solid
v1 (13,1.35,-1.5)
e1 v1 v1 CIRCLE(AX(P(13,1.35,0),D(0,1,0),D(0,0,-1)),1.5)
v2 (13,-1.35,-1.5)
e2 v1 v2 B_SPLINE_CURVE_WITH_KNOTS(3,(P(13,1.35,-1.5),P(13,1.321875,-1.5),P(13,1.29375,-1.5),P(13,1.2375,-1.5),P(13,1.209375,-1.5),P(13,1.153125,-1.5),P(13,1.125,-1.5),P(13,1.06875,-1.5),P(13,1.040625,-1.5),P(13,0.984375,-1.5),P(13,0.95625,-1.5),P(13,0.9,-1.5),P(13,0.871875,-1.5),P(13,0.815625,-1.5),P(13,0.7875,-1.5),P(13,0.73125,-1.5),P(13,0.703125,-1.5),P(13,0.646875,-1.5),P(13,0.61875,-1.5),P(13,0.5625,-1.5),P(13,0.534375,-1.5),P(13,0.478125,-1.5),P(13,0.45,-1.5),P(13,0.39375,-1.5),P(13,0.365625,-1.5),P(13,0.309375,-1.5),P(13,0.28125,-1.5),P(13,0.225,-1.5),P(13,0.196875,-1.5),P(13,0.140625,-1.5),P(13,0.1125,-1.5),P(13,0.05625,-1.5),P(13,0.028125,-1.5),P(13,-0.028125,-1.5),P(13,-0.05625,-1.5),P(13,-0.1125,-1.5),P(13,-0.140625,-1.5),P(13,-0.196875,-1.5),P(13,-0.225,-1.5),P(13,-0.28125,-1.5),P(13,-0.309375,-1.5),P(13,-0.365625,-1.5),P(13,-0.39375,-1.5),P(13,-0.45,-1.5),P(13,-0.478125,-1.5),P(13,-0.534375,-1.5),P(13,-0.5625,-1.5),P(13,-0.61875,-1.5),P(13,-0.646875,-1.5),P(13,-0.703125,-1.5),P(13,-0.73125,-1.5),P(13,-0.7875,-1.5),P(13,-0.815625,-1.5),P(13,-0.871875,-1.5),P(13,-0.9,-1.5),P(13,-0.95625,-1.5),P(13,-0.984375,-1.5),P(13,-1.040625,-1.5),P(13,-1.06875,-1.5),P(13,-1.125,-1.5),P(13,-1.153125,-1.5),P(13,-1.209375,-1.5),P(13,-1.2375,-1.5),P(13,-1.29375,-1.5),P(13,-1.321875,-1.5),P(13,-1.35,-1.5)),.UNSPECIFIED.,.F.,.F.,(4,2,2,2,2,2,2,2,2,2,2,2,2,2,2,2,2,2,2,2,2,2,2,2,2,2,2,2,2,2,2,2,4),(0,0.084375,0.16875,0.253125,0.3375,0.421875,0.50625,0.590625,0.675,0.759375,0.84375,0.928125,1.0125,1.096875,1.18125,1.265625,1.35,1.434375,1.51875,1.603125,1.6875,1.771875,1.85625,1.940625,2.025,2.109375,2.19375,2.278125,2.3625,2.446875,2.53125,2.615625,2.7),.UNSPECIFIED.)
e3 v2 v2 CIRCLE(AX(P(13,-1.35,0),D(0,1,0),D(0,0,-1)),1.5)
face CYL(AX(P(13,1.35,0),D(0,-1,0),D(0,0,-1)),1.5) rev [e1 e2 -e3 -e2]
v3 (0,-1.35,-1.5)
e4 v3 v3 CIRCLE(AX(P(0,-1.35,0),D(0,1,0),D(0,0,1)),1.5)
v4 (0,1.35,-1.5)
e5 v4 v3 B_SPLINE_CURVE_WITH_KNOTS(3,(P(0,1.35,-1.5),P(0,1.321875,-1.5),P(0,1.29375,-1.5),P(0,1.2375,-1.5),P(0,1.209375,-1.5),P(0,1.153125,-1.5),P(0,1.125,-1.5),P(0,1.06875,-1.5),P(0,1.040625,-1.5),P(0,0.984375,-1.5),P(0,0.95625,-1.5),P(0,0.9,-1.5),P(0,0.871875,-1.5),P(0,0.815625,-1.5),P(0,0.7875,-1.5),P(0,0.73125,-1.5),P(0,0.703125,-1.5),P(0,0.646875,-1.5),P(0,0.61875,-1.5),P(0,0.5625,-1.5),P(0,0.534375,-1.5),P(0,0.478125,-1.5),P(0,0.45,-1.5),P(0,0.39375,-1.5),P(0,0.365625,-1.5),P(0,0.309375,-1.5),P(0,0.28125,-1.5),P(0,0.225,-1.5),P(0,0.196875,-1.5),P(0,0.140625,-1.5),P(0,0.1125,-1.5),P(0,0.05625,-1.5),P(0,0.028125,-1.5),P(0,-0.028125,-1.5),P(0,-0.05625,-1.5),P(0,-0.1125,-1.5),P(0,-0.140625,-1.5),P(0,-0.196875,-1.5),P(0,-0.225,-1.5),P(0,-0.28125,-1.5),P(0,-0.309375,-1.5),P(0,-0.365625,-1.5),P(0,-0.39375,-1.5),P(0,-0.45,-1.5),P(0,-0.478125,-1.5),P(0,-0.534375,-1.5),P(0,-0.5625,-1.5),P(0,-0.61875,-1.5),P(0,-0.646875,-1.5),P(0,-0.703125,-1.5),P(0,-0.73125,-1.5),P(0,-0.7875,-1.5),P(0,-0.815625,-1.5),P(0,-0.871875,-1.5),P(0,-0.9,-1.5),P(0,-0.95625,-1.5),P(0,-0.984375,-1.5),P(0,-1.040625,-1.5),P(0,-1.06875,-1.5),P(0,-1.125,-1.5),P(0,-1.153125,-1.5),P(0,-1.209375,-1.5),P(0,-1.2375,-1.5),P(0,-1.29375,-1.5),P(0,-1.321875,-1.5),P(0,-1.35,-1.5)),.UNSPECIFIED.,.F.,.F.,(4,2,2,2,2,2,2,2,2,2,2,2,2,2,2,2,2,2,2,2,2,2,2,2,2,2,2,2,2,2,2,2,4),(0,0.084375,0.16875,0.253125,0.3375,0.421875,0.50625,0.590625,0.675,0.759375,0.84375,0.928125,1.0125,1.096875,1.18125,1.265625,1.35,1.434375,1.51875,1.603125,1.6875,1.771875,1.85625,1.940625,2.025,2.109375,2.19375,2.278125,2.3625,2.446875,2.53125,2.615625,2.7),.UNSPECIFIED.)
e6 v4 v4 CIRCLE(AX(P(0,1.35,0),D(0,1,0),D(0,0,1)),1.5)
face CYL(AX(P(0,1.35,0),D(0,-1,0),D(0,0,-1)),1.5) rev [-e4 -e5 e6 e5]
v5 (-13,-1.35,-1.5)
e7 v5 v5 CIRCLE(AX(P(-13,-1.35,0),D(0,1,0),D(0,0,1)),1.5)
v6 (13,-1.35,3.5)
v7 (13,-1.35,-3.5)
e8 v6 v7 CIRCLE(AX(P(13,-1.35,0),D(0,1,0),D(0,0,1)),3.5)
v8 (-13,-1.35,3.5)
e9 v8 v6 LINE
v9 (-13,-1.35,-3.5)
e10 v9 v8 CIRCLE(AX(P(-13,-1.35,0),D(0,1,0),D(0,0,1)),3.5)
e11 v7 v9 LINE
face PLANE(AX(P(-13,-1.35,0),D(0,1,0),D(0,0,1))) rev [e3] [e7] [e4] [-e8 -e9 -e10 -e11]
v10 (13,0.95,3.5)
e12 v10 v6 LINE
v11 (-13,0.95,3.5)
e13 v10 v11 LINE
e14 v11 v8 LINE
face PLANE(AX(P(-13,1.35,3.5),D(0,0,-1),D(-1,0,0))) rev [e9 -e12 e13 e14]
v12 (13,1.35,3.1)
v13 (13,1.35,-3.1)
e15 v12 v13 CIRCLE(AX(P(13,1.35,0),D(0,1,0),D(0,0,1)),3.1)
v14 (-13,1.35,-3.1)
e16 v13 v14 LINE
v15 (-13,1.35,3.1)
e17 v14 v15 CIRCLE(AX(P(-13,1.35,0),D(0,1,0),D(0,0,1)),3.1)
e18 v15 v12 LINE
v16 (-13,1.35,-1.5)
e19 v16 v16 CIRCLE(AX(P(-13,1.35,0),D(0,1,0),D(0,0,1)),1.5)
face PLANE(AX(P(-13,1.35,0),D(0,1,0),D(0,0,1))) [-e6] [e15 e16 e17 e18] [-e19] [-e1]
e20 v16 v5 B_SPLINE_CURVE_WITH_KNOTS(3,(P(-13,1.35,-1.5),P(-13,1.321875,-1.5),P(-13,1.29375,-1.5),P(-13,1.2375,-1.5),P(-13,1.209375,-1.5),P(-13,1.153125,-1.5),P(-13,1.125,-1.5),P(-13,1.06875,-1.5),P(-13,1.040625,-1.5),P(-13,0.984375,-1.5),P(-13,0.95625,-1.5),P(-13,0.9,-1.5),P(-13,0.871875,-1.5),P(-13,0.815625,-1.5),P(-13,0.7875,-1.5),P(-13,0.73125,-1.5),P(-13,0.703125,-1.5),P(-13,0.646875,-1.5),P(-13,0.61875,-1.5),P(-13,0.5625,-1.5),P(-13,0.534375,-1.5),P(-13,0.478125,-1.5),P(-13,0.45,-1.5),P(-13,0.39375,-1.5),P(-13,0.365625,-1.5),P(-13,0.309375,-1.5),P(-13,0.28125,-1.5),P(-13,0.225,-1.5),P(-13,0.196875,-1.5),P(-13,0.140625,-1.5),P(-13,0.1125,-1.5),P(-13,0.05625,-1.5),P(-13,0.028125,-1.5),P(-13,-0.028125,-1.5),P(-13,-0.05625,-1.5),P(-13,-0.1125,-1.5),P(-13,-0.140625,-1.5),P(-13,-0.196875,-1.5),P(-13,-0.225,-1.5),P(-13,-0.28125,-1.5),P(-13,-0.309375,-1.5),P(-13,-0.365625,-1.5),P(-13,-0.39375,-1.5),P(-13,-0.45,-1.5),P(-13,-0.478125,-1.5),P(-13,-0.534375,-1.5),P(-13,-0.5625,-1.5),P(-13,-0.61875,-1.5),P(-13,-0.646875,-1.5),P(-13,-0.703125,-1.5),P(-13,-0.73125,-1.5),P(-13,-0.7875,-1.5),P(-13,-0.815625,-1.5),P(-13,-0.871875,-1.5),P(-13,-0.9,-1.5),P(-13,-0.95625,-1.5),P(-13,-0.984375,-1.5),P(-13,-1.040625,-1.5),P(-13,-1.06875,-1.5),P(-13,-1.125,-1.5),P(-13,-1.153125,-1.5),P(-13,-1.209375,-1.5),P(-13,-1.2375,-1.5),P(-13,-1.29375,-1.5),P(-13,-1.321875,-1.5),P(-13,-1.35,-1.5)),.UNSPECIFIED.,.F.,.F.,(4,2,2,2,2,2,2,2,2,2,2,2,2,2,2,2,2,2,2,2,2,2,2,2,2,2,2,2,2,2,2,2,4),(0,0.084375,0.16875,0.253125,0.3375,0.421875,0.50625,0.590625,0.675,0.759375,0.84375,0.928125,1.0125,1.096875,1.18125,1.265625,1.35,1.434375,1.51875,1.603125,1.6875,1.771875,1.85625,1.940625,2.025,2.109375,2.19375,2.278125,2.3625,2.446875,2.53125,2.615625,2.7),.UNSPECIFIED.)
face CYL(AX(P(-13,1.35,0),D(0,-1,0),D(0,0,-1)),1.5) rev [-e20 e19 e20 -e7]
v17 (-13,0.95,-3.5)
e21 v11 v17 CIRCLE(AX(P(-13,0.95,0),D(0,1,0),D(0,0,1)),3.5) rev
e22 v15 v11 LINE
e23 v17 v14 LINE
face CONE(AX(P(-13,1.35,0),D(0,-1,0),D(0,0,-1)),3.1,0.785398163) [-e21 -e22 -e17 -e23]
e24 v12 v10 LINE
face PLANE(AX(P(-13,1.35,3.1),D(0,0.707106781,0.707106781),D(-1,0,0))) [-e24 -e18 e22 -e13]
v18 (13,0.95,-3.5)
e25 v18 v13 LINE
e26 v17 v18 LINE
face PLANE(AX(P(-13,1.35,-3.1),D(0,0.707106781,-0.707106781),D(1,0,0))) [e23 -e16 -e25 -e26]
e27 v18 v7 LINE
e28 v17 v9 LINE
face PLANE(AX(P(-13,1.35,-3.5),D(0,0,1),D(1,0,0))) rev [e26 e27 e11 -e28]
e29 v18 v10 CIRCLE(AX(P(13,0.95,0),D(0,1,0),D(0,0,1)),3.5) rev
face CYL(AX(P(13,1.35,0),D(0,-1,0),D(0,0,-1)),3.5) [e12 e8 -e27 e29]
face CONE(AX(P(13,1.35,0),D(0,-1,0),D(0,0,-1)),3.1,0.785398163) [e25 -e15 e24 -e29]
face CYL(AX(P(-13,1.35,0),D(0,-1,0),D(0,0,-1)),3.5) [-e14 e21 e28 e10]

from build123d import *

# Parameters (mm, degrees)
SKETCH1_R           = 1.5
BOSS_EXTRUDE1_DEPTH = 1.35
CHAMFER1_SIZE       = 0.4


with BuildPart() as part:
    # Sketch1 → Boss-Extrude1 (new, symmetric)
    with BuildSketch(Plane(origin=(0, 0, 0), x_dir=(1, 0, 0), z_dir=(0, 1, 0))):
        with BuildLine():
            Line((-13, 3.5), (13, 3.5))
            ThreePointArc((13, 3.5), (16.5, 0), (13, -3.5))
            Line((13, -3.5), (-13, -3.5))
            ThreePointArc((-13, -3.5), (-16.5, 0), (-13, 3.5))
        make_face()
        with Locations(Location((-13, 0, 0), (0, 0, 90))):
            Circle(SKETCH1_R, mode=Mode.SUBTRACT)
        with Locations(Location((13, 0, 0), (0, 0, 90))):
            Circle(SKETCH1_R, mode=Mode.SUBTRACT)
        with Locations(Location((0, 0, 0), (0, 0, 90))):
            Circle(SKETCH1_R, mode=Mode.SUBTRACT)
    extrude(amount=BOSS_EXTRUDE1_DEPTH, both=True)

    # Chamfer1
    chamfer1_edges = [part.edges().sort_by_distance(p)[0] for p in [
        (16.5, 1.35, 0),
        (0, 1.35, -3.5),
        (-16.5, 1.35, 0),
        (0, 1.35, 3.5),
    ]]
    chamfer(chamfer1_edges, length=CHAMFER1_SIZE)


solid = part.part
